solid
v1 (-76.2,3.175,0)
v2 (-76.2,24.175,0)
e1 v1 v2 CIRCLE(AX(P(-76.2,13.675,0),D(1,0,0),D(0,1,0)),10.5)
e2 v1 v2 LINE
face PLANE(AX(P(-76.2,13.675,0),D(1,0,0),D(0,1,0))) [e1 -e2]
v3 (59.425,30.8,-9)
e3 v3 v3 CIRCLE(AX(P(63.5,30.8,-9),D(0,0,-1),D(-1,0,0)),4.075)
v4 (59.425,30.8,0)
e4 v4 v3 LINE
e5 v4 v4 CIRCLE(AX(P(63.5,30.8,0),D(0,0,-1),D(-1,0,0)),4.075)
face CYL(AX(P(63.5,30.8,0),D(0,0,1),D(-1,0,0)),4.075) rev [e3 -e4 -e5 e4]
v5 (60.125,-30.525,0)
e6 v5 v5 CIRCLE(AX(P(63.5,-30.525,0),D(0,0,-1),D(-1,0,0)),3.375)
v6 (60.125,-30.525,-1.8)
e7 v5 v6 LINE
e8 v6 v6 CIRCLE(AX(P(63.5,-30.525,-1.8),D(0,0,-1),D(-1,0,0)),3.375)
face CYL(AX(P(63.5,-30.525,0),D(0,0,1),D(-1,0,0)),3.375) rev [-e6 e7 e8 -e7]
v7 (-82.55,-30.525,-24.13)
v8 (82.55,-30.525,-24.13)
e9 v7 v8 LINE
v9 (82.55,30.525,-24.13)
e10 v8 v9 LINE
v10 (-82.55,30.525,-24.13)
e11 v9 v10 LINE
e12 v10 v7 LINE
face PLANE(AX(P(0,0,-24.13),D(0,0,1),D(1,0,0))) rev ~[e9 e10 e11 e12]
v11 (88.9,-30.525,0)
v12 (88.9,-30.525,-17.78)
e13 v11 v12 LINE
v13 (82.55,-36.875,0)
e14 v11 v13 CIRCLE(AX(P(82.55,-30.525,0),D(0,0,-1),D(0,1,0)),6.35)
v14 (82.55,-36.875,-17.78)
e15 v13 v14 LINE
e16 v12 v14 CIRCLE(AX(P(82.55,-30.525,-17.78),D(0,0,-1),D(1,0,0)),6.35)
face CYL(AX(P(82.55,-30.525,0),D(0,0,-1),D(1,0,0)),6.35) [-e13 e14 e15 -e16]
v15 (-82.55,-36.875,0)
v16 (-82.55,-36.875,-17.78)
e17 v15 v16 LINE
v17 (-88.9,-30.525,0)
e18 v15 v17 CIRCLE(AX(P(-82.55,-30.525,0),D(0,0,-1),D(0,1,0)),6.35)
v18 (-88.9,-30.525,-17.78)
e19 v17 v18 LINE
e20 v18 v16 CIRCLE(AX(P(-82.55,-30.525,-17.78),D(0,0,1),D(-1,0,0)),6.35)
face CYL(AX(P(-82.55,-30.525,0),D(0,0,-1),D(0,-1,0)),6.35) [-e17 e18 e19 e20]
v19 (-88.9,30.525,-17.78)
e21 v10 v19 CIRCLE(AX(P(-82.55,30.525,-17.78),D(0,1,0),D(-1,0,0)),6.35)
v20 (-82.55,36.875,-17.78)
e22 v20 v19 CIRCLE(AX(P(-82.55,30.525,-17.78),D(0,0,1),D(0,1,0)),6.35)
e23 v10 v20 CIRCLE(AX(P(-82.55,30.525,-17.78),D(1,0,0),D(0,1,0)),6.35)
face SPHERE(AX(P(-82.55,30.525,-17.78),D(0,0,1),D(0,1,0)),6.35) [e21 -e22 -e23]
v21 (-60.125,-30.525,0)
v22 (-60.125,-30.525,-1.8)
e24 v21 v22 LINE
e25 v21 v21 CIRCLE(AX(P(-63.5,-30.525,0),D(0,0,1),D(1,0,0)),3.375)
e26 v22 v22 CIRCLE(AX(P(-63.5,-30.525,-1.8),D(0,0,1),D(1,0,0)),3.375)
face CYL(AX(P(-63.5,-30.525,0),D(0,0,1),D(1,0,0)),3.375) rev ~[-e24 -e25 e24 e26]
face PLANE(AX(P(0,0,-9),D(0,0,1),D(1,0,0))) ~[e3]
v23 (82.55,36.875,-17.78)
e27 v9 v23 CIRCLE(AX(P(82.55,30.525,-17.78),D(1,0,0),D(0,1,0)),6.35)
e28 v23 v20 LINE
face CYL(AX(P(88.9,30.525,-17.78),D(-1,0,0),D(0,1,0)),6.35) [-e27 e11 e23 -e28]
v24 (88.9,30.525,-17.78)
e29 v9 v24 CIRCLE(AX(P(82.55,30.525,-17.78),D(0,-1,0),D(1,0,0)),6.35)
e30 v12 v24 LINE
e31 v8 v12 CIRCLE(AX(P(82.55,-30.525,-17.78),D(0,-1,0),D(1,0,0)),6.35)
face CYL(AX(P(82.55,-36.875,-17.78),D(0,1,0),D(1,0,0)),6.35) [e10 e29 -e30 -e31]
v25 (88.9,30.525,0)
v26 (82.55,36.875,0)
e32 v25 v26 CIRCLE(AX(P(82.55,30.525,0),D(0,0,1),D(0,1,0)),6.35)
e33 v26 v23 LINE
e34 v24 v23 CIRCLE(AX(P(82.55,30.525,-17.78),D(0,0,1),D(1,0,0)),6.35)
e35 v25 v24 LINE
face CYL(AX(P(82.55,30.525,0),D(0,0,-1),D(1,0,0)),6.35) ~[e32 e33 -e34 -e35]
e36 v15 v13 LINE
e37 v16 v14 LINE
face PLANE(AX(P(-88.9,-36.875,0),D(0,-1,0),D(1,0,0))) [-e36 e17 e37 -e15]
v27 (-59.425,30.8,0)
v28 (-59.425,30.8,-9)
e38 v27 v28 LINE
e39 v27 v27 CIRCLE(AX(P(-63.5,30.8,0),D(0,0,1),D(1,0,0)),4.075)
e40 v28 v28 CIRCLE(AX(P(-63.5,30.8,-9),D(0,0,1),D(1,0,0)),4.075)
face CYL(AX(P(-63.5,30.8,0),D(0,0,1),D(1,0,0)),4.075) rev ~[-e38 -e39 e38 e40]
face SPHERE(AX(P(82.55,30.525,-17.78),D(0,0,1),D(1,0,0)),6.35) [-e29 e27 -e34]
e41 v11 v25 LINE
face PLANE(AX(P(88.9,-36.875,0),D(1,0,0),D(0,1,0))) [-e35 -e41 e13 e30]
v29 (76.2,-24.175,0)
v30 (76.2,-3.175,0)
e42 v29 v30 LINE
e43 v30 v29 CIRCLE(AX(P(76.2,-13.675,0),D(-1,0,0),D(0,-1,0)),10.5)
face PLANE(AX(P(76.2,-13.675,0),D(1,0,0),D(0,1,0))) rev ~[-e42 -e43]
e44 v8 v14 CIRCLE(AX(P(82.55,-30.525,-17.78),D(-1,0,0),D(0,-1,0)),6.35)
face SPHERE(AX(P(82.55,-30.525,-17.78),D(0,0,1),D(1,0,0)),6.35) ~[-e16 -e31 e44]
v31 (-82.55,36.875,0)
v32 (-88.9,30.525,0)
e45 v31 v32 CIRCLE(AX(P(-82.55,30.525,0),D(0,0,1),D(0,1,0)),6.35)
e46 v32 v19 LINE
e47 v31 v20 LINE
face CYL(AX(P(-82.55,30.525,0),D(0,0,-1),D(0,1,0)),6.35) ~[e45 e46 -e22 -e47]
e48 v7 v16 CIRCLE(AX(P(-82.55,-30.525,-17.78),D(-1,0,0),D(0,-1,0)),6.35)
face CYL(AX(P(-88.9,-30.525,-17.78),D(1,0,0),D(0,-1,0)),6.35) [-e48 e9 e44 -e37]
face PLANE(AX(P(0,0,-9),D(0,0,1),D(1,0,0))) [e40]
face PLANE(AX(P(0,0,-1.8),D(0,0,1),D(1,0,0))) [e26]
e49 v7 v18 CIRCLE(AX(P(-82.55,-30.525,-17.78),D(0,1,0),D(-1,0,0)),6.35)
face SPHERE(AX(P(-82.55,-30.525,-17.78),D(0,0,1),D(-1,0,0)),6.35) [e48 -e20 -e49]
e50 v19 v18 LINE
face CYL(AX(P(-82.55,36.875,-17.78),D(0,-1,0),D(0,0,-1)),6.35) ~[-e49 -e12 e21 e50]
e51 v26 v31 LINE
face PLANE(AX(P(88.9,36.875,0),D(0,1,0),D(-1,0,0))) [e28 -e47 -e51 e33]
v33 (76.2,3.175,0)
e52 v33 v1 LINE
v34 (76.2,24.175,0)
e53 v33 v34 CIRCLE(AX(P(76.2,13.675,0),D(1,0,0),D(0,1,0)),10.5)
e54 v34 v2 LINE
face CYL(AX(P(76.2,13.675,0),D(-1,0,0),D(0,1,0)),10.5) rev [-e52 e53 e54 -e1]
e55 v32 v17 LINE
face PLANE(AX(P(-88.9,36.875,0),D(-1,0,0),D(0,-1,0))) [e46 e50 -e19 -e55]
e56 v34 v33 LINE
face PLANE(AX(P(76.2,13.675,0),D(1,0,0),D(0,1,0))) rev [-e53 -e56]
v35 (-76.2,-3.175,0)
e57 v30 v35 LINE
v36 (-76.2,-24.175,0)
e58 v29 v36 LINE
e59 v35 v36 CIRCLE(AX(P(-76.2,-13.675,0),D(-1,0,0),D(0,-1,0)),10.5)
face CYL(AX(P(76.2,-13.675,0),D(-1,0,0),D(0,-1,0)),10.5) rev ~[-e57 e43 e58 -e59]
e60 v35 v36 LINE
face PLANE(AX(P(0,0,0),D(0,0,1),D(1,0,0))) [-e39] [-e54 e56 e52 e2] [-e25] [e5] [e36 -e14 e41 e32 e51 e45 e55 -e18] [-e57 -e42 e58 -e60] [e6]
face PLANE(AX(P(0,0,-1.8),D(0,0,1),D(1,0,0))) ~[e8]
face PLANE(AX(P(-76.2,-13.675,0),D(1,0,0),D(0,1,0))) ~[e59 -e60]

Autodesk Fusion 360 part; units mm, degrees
sketch "Cigar Box" plane through (0, 0, 0) normal (0, 0, 1) x (1, 0, 0)
  line L0 (88.9, 36.875) -> (-88.9, 36.875)
  line L1 (-88.9, 36.875) -> (-88.9, -36.875)
  line L2 (-88.9, -36.875) -> (88.9, -36.875)
  line L3 (88.9, -36.875) -> (88.9, 36.875)
  line L4 (88.9, 36.875) -> (-88.9, -36.875) construction
  line L5 (-88.9, 36.875) -> (88.9, -36.875) construction
  line L6 (76.2, 24.175) -> (-76.2, 24.175)
  line L7 (-76.2, 24.175) -> (-76.2, 3.175)
  line L8 (-76.2, 3.175) -> (76.2, 3.175)
  line L9 (76.2, 3.175) -> (76.2, 24.175)
  line L10 (76.2, 24.175) -> (-76.2, 3.175) construction
  line L11 (-76.2, 24.175) -> (76.2, 3.175) construction
  line L12 (-76.2, 13.675) -> (76.2, 13.675)
  circle A0 centre (-63.5, 30.8) radius 4.075
  line L13 (-63.5, 30.8) -> (-63.5, 34.875) construction
  line L14 (-63.5, 34.875) -> (-63.5, 36.875) construction
  circle A1 centre (-63.5, -30.525) radius 3.375
  point P0 (0, 13.675)
  dimension "d1" = 177.8
  dimension "d3" = 152.4
  dimension "d4" = 21
  dimension "d5" = 3.175
  dimension "d6" = 8.15
  dimension "d7" = 2
  dimension "d8" = 25.4
  dimension "d9" = 12.7
  dimension "d10" = 6.75
  dimension "d11" = 6.35
  dimension "d12" = 25.4
extrude "Extrude1" add sketch "Cigar Box" against normal blind 24.13 contours L0 L1 L2 L3 | L6 L7 L9 L12 | L7 L8 L9 L12 | A0 | A1
extrude "Extrude2" cut sketch "Cigar Box" against normal blind 9 contours A0
extrude "Extrude3" cut sketch "Cigar Box" against normal blind 1.8 contours A1
mirror "Mirror1" about plane through (0, 0, 0) normal (1, 0, 0) of "Extrude3", "Extrude2"
revolve "Revolve1" cut sketch "Cigar Box" angle 360 about axis through (-76.2, 13.675, 0) along (1, 0, 0) contours L6 L7 L9 L12
mirror "Mirror2" about plane through (0, 0, 0) normal (0, 1, 0) of "Revolve1"
fillet "Fillet1" radius 6.35 4 edges at (88.9, -36.875, -12.065) (88.9, 36.875, -12.065) (-88.9, 36.875, -12.065) (-88.9, -36.875, -12.065)
fillet "Fillet1" radius 6.35 1 faces at (29.6333, -12.2917, -24.13)
